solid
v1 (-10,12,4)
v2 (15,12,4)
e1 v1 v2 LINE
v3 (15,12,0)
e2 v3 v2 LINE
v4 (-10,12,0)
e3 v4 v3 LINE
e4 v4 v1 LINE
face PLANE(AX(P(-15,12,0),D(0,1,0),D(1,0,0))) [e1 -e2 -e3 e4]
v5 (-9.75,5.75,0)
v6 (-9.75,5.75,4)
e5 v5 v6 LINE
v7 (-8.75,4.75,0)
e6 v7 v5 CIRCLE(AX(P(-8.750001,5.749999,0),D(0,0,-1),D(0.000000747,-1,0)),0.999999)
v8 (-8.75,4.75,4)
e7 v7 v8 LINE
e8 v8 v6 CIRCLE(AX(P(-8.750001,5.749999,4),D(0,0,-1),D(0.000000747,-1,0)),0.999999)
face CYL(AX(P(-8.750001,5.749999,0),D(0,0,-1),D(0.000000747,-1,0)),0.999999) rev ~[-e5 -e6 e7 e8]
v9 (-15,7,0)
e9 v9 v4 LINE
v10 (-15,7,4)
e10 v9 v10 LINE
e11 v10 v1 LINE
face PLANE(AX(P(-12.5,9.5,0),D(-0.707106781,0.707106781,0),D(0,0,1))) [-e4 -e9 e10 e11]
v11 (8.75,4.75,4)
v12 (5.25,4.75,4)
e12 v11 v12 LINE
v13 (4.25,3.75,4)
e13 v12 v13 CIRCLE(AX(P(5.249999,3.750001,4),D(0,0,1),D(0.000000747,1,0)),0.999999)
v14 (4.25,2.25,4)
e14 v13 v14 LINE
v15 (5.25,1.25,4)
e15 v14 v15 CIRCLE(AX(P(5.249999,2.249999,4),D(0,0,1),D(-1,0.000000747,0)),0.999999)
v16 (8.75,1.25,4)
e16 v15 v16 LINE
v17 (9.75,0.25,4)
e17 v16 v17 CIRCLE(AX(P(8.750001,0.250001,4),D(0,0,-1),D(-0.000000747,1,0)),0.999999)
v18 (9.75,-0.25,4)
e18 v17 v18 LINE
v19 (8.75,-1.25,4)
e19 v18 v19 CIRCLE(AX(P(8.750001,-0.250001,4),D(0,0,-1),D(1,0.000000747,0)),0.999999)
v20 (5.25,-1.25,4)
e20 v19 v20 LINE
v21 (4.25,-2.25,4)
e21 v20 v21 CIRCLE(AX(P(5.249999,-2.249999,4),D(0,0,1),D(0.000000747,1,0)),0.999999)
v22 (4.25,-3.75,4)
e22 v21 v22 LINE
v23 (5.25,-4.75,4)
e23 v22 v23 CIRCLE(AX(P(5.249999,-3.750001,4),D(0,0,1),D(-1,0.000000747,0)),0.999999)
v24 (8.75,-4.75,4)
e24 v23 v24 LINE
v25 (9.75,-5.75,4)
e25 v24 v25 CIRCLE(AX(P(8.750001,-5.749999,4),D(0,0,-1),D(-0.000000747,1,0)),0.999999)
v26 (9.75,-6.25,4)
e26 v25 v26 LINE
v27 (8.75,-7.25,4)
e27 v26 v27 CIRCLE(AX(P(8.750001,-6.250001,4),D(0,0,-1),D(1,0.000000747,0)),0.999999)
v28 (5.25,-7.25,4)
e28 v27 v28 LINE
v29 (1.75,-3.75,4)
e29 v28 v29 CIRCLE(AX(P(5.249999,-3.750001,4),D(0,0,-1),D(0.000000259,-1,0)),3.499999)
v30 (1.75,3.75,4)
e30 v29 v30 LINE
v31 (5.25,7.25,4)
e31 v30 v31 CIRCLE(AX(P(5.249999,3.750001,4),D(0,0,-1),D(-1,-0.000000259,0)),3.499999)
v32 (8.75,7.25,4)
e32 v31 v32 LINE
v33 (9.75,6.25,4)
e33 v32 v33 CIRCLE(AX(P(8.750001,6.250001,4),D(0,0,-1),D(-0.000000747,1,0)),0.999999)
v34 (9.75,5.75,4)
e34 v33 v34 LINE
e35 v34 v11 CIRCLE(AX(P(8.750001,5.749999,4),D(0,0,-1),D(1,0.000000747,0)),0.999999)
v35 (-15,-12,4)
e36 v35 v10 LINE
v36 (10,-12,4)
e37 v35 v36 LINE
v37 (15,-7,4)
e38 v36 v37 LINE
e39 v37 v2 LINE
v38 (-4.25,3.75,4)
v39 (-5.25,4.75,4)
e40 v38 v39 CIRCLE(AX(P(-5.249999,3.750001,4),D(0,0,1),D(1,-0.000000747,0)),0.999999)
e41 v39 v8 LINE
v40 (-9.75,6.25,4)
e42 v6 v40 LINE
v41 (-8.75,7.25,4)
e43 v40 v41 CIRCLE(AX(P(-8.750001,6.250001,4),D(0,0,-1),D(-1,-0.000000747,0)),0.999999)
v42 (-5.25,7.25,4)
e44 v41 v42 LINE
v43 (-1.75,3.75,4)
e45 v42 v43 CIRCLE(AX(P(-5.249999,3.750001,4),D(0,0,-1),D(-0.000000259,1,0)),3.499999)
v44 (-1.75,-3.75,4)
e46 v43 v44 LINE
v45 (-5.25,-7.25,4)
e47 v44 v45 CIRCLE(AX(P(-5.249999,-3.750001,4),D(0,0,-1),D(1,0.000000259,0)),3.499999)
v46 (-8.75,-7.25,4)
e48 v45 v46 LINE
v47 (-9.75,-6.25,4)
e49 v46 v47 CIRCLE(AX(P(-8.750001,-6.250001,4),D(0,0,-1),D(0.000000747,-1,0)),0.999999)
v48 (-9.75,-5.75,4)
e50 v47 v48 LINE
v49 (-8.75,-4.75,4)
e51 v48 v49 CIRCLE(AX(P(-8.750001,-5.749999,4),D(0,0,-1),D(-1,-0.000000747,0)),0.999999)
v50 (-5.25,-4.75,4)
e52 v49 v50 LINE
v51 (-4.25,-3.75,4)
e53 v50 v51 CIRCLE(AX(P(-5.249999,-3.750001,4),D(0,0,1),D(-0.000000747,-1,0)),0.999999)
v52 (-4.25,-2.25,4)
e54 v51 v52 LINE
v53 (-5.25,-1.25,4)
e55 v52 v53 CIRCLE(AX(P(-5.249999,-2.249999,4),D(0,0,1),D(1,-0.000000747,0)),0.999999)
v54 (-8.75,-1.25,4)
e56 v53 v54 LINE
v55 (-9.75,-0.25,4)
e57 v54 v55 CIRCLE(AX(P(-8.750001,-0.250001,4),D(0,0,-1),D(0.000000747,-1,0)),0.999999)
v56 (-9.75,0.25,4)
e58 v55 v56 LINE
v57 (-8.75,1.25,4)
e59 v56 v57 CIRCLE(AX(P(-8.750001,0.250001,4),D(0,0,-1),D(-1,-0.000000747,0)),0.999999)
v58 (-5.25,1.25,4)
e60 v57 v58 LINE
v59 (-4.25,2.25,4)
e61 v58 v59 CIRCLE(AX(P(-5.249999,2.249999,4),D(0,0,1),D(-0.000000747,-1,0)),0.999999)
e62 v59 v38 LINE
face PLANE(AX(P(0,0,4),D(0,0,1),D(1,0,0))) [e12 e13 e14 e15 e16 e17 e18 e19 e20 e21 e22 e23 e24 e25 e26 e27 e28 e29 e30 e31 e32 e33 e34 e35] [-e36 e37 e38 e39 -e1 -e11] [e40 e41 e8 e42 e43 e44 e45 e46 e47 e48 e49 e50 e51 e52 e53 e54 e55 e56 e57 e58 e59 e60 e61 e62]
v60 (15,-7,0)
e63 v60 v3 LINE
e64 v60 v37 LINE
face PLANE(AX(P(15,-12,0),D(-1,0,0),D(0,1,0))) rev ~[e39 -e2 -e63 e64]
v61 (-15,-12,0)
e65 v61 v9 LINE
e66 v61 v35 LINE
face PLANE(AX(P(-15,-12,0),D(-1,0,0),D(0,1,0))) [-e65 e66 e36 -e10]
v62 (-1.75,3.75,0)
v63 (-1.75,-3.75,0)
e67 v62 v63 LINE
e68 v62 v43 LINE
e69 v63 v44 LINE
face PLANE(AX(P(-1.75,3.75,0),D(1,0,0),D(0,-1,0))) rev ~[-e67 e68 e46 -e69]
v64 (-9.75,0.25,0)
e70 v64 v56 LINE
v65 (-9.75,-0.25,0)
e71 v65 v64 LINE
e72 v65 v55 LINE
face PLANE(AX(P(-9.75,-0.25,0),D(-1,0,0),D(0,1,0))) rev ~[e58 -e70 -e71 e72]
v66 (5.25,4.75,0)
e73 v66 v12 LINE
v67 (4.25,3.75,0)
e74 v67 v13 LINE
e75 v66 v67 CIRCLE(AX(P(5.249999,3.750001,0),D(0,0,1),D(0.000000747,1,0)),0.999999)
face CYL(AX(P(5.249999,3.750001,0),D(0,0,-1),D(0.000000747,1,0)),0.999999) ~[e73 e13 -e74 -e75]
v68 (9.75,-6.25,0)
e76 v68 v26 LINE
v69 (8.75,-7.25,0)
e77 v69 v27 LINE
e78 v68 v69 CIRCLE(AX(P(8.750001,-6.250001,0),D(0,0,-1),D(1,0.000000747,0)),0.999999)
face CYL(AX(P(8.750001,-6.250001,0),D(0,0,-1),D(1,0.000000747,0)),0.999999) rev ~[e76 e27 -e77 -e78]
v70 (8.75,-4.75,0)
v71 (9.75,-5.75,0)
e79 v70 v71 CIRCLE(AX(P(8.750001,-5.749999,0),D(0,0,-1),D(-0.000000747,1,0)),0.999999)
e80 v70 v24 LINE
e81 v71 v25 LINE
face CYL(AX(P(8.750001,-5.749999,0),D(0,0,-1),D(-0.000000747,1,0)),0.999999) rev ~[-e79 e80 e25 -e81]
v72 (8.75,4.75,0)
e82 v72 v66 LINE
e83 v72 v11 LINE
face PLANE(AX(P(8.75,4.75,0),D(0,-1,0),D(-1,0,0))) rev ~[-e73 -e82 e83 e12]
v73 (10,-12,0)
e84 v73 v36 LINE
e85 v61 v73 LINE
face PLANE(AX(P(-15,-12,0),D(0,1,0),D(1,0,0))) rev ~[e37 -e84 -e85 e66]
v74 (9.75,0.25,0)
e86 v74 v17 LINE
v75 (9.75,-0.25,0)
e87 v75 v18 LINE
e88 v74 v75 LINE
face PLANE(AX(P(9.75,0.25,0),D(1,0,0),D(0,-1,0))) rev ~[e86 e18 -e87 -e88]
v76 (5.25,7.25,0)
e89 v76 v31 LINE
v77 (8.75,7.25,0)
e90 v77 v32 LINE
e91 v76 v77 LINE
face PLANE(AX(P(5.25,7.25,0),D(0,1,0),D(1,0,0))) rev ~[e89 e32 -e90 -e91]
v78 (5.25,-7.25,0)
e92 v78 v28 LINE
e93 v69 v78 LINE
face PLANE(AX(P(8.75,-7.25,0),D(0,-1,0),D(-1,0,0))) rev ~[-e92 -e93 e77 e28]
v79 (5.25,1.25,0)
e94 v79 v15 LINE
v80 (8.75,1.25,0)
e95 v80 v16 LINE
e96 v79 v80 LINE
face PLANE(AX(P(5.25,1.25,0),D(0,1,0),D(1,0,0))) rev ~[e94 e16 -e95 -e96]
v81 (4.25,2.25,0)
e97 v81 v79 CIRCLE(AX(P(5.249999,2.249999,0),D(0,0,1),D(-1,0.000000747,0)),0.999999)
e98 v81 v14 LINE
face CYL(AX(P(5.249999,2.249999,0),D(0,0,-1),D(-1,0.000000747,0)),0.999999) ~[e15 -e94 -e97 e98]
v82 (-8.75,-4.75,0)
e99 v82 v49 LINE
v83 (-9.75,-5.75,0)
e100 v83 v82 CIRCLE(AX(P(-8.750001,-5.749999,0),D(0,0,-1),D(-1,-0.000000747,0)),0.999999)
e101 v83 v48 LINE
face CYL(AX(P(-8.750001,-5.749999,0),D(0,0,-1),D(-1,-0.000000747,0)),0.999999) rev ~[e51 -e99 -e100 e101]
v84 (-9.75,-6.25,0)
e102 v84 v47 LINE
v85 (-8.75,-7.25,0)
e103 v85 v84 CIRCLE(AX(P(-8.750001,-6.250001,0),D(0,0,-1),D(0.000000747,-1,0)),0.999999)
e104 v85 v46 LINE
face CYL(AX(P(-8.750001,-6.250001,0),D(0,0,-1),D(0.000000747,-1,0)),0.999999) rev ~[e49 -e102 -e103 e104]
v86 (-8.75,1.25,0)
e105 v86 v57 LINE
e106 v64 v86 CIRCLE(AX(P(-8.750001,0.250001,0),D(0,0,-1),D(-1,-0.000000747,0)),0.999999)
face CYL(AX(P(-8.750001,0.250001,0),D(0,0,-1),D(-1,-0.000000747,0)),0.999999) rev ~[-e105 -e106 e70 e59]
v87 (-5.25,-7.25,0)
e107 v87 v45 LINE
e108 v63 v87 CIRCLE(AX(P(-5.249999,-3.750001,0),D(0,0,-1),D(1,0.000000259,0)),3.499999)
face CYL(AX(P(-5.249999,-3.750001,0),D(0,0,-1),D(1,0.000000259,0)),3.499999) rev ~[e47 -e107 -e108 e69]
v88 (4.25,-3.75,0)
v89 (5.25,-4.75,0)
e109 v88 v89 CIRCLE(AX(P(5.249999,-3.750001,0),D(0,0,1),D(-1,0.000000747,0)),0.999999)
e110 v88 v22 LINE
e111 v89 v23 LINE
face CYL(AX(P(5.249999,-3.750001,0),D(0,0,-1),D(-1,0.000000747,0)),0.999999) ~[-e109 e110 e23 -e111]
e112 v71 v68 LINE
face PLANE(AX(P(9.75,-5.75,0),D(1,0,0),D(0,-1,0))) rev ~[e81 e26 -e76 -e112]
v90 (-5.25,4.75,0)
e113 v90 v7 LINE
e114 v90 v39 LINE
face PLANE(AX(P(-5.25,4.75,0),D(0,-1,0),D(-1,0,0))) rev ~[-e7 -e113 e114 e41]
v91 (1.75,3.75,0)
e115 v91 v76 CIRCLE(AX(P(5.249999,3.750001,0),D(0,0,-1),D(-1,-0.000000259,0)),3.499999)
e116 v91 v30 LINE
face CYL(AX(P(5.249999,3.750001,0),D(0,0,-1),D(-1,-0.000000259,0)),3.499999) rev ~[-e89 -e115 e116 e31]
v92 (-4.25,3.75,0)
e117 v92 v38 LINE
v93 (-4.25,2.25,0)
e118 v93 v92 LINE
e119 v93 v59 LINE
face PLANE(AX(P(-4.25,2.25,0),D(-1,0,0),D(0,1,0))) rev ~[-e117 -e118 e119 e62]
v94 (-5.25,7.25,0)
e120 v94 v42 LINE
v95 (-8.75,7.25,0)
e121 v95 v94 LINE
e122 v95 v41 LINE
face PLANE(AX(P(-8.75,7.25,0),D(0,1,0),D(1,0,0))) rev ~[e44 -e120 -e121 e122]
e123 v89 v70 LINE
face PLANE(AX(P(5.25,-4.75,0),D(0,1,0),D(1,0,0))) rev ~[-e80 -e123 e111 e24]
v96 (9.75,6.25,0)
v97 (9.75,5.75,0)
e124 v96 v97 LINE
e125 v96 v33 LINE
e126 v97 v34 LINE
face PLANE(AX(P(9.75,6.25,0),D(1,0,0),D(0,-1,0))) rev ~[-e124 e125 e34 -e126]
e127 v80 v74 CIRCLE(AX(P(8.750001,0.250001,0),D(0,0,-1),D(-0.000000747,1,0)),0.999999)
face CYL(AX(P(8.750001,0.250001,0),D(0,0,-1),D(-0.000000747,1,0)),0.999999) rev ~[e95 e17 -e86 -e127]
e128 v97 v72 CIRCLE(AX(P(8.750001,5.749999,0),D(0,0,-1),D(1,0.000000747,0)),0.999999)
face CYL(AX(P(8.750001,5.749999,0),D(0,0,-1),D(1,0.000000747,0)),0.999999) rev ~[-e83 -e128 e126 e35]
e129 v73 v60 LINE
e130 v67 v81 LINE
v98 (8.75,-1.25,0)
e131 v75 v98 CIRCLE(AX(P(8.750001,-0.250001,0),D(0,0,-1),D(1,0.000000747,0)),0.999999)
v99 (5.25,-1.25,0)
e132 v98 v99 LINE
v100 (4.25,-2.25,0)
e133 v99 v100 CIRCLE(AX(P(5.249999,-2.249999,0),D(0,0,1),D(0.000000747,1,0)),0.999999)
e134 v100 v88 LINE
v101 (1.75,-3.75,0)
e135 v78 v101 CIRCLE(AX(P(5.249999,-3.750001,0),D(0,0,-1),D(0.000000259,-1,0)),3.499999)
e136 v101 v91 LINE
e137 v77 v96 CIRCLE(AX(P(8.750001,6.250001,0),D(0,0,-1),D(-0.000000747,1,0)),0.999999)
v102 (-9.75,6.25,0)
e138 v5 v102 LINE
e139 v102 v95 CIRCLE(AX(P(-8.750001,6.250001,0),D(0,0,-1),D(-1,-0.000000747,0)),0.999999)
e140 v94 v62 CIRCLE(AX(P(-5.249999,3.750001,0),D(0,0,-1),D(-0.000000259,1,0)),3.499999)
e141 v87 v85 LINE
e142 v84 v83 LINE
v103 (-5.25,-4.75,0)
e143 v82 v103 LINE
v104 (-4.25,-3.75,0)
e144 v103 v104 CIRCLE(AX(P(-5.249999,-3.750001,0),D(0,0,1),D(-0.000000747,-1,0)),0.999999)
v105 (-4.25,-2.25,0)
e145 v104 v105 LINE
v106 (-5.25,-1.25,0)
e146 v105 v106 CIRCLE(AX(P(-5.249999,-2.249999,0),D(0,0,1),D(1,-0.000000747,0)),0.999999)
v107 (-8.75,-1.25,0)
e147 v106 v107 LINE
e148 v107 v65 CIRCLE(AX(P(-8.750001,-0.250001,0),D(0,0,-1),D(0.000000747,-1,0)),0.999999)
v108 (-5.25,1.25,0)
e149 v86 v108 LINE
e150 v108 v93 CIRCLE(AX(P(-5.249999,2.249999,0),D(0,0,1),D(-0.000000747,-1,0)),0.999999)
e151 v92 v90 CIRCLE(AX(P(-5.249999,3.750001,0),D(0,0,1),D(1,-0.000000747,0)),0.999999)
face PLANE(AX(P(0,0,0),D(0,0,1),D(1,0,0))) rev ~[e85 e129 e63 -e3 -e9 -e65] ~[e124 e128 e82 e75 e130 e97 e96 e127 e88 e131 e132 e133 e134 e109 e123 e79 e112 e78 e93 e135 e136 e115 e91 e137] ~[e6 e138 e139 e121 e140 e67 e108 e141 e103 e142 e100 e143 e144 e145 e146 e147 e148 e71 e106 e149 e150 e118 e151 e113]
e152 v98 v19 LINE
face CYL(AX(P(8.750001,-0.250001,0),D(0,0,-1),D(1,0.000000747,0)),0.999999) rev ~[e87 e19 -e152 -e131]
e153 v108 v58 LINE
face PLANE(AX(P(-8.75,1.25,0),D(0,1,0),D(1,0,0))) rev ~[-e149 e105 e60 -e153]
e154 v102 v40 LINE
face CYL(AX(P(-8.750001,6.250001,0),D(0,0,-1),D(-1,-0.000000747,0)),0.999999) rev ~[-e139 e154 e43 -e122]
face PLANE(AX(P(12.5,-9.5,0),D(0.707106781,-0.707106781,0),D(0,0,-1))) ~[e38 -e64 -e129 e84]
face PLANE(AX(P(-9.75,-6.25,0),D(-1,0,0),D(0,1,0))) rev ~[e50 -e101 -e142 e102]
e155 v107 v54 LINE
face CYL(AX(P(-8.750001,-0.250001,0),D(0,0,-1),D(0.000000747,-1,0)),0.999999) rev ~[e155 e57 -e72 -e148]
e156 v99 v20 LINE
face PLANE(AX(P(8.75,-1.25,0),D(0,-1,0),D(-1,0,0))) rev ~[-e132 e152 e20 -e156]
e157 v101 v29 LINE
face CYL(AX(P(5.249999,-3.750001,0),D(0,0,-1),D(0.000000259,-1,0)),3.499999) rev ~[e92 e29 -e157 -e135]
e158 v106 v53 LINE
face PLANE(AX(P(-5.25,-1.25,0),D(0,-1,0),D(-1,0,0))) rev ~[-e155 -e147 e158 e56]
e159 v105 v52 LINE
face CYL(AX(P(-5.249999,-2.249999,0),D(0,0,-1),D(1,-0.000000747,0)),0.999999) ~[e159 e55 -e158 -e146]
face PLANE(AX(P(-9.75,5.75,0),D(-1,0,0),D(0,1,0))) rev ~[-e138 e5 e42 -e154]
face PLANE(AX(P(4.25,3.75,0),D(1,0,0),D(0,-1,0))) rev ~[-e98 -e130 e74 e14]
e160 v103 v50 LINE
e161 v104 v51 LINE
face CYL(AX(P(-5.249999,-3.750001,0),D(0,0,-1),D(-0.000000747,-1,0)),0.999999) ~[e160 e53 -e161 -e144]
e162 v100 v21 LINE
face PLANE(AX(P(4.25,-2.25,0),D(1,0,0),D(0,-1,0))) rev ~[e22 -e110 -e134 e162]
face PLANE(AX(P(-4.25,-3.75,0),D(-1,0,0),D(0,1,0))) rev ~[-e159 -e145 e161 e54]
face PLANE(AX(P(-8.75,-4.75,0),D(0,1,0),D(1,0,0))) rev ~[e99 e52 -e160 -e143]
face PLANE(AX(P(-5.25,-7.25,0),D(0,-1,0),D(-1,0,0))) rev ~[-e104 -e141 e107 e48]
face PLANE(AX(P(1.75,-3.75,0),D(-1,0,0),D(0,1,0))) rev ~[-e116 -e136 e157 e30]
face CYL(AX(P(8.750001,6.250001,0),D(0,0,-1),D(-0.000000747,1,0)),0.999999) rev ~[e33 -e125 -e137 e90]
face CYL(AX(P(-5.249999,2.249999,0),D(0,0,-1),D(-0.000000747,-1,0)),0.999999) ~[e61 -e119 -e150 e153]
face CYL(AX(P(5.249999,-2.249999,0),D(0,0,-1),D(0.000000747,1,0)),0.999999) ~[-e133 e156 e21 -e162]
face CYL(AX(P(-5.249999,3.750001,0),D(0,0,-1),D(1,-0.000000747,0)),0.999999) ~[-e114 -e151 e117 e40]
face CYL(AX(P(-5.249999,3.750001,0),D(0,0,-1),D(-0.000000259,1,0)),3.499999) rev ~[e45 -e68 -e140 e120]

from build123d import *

# Parameters (mm, degrees)
F0_W     = 30
F0_H     = 24
F1_DEPTH = 4
F2_SIZE  = 5
F3_SIZE  = 5


with BuildPart() as f1:
    # F0 (on Top) → F1 (new body)
    with BuildSketch(Plane.XY):
        Rectangle(F0_W, F0_H)
        with BuildLine():
            Line((-8.75, 1.25), (-5.25, 1.25))
            ThreePointArc((-5.25, 1.25), (-4.542893, 1.542893), (-4.25, 2.25))
            Line((-4.25, 2.25), (-4.25, 3.75))
            ThreePointArc((-4.25, 3.75), (-4.542893, 4.457107), (-5.25, 4.75))
            Line((-5.25, 4.75), (-8.75, 4.75))
            ThreePointArc((-8.75, 4.75), (-9.457107, 5.042893), (-9.75, 5.75))
            Line((-9.75, 5.75), (-9.75, 6.25))
            ThreePointArc((-9.75, 6.25), (-9.457107, 6.957107), (-8.75, 7.25))
            Line((-8.75, 7.25), (-5.25, 7.25))
            ThreePointArc((-5.25, 7.25), (-2.775126, 6.224874), (-1.75, 3.75))
            Line((-1.75, 3.75), (-1.75, -3.75))
            ThreePointArc((-1.75, -3.75), (-2.775126, -6.224874), (-5.25, -7.25))
            Line((-5.25, -7.25), (-8.75, -7.25))
            ThreePointArc((-8.75, -7.25), (-9.457107, -6.957107), (-9.75, -6.25))
            Line((-9.75, -6.25), (-9.75, -5.75))
            ThreePointArc((-9.75, -5.75), (-9.457107, -5.042893), (-8.75, -4.75))
            Line((-8.75, -4.75), (-5.25, -4.75))
            ThreePointArc((-5.25, -4.75), (-4.542893, -4.457107), (-4.25, -3.75))
            Line((-4.25, -3.75), (-4.25, -2.25))
            ThreePointArc((-4.25, -2.25), (-4.542893, -1.542893), (-5.25, -1.25))
            Line((-5.25, -1.25), (-8.75, -1.25))
            ThreePointArc((-8.75, -1.25), (-9.457107, -0.957107), (-9.75, -0.25))
            Line((-9.75, -0.25), (-9.75, 0.25))
            ThreePointArc((-9.75, 0.25), (-9.457107, 0.957107), (-8.75, 1.25))
        make_face(mode=Mode.SUBTRACT)
        with BuildLine():
            ThreePointArc((1.75, 3.75), (2.775126, 6.224874), (5.25, 7.25))
            Line((5.25, 7.25), (8.75, 7.25))
            ThreePointArc((8.75, 7.25), (9.457107, 6.957107), (9.75, 6.25))
            Line((9.75, 6.25), (9.75, 5.75))
            ThreePointArc((9.75, 5.75), (9.457107, 5.042893), (8.75, 4.75))
            Line((8.75, 4.75), (5.25, 4.75))
            ThreePointArc((5.25, 4.75), (4.542893, 4.457107), (4.25, 3.75))
            Line((4.25, 3.75), (4.25, 2.25))
            ThreePointArc((4.25, 2.25), (4.542893, 1.542893), (5.25, 1.25))
            Line((5.25, 1.25), (8.75, 1.25))
            ThreePointArc((8.75, 1.25), (9.457107, 0.957107), (9.75, 0.25))
            Line((9.75, 0.25), (9.75, -0.25))
            ThreePointArc((9.75, -0.25), (9.457107, -0.957107), (8.75, -1.25))
            Line((8.75, -1.25), (5.25, -1.25))
            ThreePointArc((5.25, -1.25), (4.542893, -1.542893), (4.25, -2.25))
            Line((4.25, -2.25), (4.25, -3.75))
            ThreePointArc((4.25, -3.75), (4.542893, -4.457107), (5.25, -4.75))
            Line((5.25, -4.75), (8.75, -4.75))
            ThreePointArc((8.75, -4.75), (9.457107, -5.042893), (9.75, -5.75))
            Line((9.75, -5.75), (9.75, -6.25))
            ThreePointArc((9.75, -6.25), (9.457107, -6.957107), (8.75, -7.25))
            Line((8.75, -7.25), (5.25, -7.25))
            ThreePointArc((5.25, -7.25), (2.775126, -6.224874), (1.75, -3.75))
            Line((1.75, -3.75), (1.75, 3.75))
        make_face(mode=Mode.SUBTRACT)
    extrude(amount=F1_DEPTH)

    # F2
    f2_edges = [f1.edges().sort_by_distance(p)[0] for p in [
        (-15, 12, 2),
    ]]
    chamfer(f2_edges, length=F2_SIZE)

    # F3
    f3_edges = [f1.edges().sort_by_distance(p)[0] for p in [
        (15, -12, 2),
    ]]
    chamfer(f3_edges, length=F3_SIZE)


solid = f1.part
